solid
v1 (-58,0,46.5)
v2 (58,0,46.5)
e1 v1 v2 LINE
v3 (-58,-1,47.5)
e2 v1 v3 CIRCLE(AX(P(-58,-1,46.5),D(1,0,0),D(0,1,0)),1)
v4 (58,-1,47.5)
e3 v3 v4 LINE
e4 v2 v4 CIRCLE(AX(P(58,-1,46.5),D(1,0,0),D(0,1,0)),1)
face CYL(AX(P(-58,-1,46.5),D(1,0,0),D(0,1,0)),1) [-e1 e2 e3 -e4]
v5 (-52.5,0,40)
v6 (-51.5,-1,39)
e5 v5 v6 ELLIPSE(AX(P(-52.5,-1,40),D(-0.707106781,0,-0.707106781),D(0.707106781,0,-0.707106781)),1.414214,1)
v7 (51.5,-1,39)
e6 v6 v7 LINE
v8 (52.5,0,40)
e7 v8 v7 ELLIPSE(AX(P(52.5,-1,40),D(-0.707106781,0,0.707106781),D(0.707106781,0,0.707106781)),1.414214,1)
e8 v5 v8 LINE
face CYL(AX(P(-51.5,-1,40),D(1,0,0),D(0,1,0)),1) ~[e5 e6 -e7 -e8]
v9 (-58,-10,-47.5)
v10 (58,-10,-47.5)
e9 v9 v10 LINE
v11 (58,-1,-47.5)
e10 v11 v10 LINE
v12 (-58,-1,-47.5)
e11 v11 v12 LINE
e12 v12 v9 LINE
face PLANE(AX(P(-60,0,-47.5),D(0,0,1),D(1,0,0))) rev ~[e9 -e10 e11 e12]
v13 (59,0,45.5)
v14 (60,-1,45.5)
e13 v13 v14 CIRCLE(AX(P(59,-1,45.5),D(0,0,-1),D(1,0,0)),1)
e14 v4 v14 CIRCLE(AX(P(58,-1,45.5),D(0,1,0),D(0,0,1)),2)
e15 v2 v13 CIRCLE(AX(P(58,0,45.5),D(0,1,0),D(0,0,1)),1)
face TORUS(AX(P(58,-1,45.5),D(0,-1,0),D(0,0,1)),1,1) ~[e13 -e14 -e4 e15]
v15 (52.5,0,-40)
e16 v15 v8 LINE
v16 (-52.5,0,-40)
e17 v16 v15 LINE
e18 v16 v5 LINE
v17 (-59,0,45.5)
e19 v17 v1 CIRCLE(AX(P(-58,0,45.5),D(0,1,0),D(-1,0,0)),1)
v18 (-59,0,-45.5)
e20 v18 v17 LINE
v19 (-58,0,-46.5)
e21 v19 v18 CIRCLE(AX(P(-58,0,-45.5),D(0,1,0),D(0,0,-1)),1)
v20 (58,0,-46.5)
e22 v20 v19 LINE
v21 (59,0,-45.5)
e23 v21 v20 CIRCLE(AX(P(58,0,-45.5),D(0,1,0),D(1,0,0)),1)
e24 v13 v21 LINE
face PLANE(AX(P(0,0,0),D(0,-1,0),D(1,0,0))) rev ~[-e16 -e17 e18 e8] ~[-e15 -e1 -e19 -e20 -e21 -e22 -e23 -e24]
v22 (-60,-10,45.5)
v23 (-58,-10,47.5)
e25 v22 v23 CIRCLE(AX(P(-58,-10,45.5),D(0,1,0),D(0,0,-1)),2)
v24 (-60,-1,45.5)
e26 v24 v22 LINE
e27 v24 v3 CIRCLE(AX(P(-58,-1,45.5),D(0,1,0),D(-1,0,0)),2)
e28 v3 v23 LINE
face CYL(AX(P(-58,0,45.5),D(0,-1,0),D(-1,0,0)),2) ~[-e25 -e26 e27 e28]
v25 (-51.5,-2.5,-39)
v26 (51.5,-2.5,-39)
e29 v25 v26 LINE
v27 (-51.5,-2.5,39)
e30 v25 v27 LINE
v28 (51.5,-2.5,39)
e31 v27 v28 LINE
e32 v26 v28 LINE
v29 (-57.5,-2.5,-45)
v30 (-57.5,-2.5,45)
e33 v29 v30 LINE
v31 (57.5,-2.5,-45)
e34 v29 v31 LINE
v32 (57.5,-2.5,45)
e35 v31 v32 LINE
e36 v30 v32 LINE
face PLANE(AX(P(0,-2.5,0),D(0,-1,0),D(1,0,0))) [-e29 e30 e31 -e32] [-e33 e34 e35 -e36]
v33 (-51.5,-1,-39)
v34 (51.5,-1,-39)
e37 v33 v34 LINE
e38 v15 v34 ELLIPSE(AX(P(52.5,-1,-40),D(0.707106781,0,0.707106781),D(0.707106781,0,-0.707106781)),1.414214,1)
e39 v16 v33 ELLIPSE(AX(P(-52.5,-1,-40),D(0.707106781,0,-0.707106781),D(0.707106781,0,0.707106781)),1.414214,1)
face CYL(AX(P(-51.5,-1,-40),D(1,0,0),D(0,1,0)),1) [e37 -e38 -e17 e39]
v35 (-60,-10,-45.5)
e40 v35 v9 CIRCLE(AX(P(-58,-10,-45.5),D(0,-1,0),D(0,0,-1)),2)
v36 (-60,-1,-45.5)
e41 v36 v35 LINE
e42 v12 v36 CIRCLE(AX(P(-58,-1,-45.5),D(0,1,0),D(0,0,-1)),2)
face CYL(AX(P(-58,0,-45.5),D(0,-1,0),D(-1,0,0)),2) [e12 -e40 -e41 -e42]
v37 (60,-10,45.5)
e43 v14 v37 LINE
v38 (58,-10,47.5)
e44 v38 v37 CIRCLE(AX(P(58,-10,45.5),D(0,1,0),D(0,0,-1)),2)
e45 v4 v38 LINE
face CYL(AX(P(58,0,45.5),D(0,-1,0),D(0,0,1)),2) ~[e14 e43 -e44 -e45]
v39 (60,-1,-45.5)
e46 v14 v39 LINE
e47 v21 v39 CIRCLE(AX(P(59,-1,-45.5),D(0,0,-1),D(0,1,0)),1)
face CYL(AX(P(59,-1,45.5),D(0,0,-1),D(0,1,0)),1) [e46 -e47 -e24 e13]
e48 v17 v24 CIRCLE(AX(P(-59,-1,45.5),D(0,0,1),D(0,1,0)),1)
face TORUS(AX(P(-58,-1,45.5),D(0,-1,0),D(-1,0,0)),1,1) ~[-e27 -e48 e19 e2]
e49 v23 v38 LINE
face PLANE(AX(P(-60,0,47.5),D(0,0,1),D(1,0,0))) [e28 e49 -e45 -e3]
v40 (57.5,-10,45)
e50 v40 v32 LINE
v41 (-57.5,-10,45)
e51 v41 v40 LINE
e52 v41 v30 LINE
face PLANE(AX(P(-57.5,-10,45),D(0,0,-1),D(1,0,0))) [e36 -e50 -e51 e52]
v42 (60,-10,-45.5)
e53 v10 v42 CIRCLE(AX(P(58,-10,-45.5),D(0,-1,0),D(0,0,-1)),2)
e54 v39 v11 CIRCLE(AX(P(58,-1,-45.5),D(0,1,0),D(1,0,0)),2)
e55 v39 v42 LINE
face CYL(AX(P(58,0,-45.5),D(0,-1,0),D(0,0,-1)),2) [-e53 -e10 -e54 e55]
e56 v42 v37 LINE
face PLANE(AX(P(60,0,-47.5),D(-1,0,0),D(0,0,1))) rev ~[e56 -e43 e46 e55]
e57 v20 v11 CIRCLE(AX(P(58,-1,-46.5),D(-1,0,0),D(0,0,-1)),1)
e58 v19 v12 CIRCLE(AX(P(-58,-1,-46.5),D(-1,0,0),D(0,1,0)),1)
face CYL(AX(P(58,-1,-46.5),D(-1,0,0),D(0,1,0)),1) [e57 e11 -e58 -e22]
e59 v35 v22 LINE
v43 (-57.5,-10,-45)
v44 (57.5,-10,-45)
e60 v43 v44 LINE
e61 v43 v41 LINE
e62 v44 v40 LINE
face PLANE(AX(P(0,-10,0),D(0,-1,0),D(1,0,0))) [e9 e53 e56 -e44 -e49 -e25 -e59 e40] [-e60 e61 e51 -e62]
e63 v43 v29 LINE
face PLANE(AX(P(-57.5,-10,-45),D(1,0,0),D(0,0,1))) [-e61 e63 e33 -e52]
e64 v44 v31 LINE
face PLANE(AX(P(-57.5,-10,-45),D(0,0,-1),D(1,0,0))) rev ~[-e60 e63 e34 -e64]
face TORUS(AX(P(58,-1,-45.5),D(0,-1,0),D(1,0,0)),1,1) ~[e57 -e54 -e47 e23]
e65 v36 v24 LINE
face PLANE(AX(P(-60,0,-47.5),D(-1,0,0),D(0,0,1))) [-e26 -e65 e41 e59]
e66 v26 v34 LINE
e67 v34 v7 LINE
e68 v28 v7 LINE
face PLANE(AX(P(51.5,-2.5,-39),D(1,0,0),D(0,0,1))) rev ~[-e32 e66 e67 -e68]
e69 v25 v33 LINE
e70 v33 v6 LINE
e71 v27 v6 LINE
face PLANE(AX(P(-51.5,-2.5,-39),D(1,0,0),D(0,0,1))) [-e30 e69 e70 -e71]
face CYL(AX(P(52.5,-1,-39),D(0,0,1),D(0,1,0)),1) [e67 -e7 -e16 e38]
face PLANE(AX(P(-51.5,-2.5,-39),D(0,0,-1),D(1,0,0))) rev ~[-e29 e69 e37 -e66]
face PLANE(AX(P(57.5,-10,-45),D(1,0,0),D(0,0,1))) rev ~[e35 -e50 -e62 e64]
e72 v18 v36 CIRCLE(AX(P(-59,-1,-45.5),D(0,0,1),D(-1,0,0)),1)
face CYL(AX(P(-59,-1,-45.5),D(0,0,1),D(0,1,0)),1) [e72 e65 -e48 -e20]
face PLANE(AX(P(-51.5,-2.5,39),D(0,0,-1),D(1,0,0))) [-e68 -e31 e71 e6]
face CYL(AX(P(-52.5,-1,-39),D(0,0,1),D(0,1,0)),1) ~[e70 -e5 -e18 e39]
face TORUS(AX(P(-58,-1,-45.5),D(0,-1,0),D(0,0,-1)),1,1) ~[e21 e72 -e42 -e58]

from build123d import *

# Parameters (mm, degrees)
F0_W     = 120
F0_H     = 95
F1_DEPTH = 10
F2_W     = 115
F2_H     = 90
F3_DEPTH = 7.5
F4_W     = 103
F4_H     = 78
F5_DEPTH = 2.501
F6_R     = 2
F7_R     = 1


with BuildPart() as f1:
    # F0 (on Front) → F1 (new body)
    with BuildSketch(Plane.XZ):
        Rectangle(F0_W, F0_H)
    extrude(amount=F1_DEPTH)

    # F2 (on face) → F3 (cut)
    with BuildSketch(Plane.XZ.offset(10)):
        Rectangle(F2_W, F2_H)
    extrude(amount=-F3_DEPTH, mode=Mode.SUBTRACT)

    # F4 (on face) → F5 (cut, through all)
    with BuildSketch(Plane.XZ.offset(2.5)):
        Rectangle(F4_W, F4_H)
    extrude(amount=-F5_DEPTH, mode=Mode.SUBTRACT)

    # F6
    f6_edges = [f1.edges().sort_by_distance(p)[0] for p in [
        (60, -5, 47.5),
        (60, -5, -47.5),
        (-60, -5, -47.5),
        (-60, -5, 47.5),
    ]]
    fillet(f6_edges, radius=F6_R)

    # F7
    f7_edges = [f1.edges().sort_by_distance(p)[0] for p in [
        (0, 0, 47.5),
        (59.414214, 0, 46.914214),
        (-59.414214, 0, 46.914214),
        (60, 0, 0),
        (-60, 0, 0),
        (59.414214, 0, -46.914214),
        (-59.414214, 0, -46.914214),
        (0, 0, -47.5),
        (0, 0, 39),
        (-51.5, 0, 0),
        (0, 0, -39),
        (51.5, 0, 0),
    ]]
    fillet(f7_edges, radius=F7_R)


solid = f1.part
